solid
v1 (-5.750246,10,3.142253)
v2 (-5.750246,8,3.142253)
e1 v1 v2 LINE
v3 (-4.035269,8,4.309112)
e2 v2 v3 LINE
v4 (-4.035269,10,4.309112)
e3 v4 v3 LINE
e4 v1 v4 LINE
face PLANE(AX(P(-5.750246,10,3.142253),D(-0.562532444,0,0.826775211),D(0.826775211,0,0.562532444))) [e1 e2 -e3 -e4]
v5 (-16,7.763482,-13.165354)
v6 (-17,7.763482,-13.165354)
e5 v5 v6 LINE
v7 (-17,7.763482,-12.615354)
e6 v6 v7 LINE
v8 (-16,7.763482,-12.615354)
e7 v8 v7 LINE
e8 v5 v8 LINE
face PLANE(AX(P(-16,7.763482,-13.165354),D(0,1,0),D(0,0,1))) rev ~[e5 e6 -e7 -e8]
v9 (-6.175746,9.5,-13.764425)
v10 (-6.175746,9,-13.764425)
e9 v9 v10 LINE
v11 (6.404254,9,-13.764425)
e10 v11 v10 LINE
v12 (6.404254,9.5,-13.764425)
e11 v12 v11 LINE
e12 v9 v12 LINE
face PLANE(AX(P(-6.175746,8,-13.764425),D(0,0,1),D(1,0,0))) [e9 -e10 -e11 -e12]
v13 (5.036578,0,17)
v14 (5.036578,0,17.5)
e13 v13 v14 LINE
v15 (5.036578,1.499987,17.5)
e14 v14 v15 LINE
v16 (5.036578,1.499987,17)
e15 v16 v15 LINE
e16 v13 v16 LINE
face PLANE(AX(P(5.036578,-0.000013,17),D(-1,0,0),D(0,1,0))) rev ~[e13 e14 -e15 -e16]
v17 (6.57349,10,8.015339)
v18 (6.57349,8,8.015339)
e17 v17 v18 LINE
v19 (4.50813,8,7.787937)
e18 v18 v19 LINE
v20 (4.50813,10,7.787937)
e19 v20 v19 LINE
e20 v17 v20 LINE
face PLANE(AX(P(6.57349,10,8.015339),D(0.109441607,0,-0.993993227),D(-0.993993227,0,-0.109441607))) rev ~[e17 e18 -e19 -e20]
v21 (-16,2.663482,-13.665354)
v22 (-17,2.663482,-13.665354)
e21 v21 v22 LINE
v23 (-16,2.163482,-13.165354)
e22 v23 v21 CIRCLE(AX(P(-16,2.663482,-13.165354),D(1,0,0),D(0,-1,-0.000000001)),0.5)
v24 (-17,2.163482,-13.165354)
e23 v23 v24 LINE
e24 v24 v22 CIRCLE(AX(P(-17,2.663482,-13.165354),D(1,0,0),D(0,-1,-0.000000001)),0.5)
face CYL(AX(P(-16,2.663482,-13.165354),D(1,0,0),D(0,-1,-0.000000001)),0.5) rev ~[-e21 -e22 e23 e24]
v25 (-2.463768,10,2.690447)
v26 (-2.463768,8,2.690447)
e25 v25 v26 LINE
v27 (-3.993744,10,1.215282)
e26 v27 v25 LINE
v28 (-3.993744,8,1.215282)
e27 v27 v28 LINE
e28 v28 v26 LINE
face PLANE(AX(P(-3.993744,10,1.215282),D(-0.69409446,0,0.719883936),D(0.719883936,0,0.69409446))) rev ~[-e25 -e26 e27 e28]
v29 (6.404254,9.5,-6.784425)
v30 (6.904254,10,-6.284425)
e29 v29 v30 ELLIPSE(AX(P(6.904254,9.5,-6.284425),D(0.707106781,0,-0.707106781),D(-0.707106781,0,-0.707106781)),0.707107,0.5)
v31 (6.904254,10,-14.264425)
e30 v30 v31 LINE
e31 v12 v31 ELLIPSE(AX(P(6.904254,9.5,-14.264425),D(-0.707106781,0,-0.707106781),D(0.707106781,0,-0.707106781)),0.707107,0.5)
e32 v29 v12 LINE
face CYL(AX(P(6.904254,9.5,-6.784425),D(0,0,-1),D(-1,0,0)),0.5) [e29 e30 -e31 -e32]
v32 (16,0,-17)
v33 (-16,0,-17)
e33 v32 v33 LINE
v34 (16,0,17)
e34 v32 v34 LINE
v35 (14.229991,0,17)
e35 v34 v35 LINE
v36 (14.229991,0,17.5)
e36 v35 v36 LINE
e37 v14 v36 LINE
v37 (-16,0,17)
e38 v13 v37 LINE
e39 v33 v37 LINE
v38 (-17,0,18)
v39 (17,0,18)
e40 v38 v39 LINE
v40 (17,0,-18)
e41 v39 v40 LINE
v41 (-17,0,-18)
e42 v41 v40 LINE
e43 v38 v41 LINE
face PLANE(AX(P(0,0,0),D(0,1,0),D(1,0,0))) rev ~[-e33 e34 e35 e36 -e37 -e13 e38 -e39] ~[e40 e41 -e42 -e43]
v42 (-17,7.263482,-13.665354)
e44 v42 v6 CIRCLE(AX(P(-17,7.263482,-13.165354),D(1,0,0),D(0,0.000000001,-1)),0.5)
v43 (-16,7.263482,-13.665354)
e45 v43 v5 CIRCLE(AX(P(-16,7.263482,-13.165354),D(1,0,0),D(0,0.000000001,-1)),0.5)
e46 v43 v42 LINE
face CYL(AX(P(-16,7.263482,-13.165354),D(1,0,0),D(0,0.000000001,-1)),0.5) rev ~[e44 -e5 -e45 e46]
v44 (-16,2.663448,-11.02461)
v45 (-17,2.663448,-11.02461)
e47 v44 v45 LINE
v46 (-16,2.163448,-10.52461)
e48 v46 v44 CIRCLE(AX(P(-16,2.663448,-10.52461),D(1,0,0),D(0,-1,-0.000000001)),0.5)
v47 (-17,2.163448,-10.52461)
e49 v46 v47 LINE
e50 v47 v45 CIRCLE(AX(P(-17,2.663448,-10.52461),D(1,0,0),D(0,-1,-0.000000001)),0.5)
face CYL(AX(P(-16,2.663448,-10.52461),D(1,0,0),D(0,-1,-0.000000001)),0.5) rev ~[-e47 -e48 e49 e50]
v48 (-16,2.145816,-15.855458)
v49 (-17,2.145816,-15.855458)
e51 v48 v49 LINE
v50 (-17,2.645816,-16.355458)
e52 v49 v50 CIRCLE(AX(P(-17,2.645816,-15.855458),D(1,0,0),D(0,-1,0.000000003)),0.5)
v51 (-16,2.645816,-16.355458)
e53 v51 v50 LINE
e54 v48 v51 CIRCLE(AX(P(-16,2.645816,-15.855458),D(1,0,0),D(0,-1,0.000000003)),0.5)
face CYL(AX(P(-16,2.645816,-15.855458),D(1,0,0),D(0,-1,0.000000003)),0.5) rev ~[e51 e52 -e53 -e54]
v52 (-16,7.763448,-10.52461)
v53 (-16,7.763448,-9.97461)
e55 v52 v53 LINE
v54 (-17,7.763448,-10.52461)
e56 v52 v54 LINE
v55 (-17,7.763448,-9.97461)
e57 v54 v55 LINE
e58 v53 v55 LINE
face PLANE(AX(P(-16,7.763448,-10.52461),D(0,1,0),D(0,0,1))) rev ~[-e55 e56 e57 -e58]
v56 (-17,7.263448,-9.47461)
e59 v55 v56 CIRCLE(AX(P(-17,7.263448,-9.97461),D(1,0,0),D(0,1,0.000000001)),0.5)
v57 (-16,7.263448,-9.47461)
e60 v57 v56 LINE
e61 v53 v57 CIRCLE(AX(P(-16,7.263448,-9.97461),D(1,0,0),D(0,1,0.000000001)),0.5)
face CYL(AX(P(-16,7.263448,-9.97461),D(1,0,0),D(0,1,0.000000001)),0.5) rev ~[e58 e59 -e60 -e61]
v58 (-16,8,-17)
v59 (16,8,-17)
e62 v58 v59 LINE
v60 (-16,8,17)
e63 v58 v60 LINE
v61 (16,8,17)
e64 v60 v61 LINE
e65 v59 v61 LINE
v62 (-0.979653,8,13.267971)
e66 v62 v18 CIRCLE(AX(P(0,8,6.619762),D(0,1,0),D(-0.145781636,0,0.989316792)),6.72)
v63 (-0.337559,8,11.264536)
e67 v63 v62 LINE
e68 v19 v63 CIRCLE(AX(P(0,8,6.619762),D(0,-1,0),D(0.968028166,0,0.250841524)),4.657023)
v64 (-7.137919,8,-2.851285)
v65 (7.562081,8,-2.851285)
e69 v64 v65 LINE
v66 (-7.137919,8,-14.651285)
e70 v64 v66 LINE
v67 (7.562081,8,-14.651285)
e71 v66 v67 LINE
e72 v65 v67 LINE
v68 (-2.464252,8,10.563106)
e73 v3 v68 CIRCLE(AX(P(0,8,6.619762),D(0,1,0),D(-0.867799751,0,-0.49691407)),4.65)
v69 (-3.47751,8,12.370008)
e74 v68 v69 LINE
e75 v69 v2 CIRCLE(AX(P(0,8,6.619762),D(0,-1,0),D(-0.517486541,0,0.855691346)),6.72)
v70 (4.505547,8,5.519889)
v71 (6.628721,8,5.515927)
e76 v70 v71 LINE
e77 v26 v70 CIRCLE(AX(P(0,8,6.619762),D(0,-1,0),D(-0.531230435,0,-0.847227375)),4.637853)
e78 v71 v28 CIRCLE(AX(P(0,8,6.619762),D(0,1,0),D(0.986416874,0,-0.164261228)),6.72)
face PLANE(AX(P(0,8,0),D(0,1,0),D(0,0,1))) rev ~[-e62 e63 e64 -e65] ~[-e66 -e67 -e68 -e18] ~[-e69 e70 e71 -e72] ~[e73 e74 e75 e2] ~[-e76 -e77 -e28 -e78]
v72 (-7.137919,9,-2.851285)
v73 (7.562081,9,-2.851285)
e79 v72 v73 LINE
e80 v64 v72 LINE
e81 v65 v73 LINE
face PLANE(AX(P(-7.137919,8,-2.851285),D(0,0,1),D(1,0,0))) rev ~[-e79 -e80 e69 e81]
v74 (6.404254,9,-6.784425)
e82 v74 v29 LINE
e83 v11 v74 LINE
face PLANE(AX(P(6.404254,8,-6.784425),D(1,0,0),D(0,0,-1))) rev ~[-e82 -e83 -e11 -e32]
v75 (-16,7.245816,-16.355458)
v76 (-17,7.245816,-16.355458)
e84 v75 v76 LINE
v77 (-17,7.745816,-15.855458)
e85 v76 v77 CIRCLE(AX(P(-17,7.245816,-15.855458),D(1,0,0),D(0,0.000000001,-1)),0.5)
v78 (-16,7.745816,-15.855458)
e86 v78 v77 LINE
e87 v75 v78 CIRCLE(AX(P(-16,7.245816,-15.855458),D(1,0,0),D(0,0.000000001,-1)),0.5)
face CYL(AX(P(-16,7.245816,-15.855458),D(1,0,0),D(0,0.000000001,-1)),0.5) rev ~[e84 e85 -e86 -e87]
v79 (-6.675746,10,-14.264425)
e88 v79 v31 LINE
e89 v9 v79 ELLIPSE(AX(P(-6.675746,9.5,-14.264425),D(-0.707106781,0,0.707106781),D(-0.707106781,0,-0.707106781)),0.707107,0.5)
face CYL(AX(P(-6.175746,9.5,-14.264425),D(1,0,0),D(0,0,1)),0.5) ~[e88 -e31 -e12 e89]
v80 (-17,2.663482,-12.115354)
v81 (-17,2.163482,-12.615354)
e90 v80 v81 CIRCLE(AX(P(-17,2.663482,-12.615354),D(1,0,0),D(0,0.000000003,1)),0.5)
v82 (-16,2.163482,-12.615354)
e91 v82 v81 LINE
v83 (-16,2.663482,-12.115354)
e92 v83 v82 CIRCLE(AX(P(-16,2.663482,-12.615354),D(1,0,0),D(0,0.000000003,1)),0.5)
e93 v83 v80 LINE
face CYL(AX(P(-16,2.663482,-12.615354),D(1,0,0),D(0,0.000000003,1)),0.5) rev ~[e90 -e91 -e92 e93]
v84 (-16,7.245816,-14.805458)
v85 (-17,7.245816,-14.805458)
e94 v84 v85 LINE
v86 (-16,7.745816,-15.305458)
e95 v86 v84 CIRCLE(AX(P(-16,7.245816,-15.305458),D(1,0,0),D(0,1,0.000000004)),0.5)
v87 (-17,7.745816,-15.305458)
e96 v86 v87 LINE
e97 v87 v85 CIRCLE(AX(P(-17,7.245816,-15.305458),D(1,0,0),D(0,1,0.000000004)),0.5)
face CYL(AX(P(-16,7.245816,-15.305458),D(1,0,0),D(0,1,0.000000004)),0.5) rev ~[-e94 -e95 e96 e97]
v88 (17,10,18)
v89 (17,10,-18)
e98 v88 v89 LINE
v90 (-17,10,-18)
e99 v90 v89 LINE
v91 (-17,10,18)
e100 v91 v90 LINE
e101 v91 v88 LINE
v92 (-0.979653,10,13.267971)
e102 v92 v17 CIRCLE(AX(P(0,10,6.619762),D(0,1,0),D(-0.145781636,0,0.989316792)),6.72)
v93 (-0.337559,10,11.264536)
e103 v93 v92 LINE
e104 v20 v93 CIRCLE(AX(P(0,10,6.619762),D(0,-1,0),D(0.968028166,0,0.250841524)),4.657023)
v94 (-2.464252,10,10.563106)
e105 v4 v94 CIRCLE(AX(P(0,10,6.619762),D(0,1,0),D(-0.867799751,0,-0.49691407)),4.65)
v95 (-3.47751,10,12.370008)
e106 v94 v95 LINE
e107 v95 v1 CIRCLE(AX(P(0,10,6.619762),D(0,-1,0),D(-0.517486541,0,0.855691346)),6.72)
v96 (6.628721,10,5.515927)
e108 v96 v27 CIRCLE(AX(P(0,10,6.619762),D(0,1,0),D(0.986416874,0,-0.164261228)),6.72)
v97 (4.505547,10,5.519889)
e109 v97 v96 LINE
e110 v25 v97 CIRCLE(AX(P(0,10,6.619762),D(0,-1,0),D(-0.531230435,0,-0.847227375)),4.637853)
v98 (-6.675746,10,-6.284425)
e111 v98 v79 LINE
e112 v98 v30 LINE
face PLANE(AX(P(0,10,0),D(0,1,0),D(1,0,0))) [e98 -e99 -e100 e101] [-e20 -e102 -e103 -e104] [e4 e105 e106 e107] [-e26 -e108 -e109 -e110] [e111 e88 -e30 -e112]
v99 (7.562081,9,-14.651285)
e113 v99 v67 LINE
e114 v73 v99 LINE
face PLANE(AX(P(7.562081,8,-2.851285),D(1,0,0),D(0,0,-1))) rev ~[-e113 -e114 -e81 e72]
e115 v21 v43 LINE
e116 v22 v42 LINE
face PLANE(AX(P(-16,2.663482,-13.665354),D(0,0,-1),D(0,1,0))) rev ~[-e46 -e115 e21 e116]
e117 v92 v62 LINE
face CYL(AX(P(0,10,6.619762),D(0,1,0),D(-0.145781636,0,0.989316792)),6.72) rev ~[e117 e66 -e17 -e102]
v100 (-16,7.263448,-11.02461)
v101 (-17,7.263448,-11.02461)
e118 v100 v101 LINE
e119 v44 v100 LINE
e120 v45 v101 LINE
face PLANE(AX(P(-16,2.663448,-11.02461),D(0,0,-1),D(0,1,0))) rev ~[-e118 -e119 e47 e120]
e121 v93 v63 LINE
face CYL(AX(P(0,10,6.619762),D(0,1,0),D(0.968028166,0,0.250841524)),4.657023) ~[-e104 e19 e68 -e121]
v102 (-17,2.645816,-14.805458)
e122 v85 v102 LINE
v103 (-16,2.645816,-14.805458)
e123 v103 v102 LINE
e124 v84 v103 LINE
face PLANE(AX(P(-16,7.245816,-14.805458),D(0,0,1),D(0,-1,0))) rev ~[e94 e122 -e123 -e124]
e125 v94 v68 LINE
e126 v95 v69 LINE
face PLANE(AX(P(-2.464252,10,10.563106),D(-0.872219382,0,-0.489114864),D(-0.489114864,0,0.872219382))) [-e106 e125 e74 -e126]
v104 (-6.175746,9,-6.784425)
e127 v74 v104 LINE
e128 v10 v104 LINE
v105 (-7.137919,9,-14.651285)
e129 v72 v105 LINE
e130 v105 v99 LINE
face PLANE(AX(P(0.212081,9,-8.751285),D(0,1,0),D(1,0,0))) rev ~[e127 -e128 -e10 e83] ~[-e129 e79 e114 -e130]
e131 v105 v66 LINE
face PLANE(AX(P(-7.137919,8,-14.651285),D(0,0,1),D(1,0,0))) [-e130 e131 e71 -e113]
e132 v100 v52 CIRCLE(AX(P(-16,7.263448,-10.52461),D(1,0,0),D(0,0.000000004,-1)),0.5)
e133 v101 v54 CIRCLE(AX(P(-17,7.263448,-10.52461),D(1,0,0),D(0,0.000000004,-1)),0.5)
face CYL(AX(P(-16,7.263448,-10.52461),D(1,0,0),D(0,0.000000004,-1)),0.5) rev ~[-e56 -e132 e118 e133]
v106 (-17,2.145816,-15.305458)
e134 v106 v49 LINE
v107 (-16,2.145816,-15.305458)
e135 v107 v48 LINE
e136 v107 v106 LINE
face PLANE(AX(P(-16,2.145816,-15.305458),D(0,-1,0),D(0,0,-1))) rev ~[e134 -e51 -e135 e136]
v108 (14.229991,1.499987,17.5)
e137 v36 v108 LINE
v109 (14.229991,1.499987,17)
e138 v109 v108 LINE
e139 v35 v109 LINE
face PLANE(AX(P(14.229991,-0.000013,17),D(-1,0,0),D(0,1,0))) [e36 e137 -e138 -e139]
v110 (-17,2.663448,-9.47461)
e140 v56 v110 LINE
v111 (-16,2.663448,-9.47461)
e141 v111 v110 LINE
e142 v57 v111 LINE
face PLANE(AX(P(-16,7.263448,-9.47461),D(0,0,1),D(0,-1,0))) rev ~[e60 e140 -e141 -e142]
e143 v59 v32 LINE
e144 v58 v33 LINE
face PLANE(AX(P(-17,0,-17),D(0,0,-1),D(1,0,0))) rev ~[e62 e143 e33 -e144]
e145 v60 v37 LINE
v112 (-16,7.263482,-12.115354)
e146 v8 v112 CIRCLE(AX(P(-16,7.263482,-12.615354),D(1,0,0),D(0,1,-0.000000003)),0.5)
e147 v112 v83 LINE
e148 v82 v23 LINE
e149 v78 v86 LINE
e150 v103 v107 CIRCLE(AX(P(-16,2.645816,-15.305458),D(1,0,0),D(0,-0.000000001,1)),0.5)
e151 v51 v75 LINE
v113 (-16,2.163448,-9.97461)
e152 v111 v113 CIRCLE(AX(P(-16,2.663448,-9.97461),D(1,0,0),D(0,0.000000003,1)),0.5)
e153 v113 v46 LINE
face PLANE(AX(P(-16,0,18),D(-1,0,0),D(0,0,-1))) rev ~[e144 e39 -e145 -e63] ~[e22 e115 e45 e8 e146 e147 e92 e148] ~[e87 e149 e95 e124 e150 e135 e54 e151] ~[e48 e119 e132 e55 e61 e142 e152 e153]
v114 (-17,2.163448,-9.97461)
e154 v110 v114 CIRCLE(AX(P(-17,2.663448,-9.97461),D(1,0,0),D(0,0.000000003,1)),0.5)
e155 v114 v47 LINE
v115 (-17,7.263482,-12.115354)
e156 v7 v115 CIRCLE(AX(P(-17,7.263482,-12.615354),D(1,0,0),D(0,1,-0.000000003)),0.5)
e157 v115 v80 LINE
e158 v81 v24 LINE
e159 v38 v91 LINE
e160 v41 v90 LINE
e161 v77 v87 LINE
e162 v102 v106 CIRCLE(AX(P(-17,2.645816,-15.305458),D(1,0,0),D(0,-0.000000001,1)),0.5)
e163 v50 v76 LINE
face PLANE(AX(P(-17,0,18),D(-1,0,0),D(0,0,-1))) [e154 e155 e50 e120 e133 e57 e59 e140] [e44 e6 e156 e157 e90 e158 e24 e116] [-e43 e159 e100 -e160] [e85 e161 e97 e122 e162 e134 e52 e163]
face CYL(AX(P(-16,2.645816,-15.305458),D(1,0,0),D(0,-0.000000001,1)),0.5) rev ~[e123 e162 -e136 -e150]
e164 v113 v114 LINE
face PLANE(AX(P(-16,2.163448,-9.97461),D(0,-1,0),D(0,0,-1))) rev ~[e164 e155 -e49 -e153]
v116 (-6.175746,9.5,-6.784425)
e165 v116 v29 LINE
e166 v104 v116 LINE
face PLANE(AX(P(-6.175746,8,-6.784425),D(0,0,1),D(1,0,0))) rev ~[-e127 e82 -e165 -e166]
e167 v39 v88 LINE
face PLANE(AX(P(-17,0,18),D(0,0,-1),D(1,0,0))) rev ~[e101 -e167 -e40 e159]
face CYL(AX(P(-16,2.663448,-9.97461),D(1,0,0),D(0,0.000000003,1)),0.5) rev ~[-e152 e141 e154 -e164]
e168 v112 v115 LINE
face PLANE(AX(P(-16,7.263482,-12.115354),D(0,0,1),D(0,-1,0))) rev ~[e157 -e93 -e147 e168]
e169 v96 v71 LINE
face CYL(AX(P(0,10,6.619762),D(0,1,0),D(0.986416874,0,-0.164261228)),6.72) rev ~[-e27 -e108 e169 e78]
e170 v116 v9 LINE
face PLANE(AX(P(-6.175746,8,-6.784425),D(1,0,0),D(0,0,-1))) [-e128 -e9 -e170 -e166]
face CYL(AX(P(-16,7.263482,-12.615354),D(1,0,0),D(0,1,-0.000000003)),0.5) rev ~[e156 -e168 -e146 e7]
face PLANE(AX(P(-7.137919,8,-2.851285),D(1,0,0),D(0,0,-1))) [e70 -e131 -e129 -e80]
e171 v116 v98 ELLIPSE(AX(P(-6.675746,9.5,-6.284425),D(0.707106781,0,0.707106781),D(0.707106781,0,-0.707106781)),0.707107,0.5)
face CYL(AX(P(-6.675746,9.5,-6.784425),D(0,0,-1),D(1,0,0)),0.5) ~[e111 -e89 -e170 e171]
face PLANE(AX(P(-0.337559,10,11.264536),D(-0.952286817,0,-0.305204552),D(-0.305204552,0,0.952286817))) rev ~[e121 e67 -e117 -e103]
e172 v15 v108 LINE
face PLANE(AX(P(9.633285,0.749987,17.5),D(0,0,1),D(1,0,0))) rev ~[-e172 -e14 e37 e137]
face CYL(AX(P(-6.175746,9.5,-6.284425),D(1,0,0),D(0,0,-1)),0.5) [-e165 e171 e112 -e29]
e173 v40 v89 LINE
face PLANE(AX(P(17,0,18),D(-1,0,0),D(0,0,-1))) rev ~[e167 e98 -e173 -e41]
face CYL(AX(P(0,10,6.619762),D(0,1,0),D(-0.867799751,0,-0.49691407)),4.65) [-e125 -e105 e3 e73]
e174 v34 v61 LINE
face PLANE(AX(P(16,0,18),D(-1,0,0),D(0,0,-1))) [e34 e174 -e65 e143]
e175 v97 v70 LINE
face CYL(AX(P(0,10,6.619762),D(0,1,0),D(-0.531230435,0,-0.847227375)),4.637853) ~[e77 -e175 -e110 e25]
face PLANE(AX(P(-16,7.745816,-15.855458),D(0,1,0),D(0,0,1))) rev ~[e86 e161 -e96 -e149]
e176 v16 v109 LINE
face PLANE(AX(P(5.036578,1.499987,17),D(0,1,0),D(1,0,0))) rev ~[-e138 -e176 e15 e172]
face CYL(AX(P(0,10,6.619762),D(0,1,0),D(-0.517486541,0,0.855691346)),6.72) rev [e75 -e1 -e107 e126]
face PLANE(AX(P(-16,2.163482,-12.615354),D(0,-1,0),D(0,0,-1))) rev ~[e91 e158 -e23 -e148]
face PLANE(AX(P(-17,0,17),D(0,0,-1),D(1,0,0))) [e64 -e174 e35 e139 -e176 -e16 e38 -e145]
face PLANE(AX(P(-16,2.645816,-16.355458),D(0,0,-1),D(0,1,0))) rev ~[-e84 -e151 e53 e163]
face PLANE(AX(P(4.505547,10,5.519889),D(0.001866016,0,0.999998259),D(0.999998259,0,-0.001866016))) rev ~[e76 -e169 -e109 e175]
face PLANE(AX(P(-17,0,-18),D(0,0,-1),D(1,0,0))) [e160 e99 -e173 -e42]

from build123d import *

# Parameters (mm, degrees)
SKETCH_1_W                 = 34
SKETCH_1_H                 = 36
EXTRUDE_1_DEPTH            = 10
SHELL_1_T                  = -1
SHELL_1_THICKNESS_2_FACE_W = 34
SHELL_1_THICKNESS_2_FACE_H = 32
SHELL_1_THICKNESS_2_DEPTH  = 1
CUT_EXTRUDE_START          = 8
SKETCH_2_W                 = 12.58
SKETCH_2_H                 = 6.98
CUT_EXTRUDE_1_DEPTH        = 5.0005
SKETCH_6_W                 = 14.7
SKETCH_6_H                 = 11.8
CUT_EXTRUDE_2_DEPTH        = 1
FILLET_2_R                 = 0.5
CUT_EXTRUDE_START_2        = 10
CUT_EXTRUDE_3_DEPTH        = 2
CUT_EXTRUDE_START_3        = -16
CUT_EXTRUDE_4_DEPTH        = 1
CUT_EXTRUDE_START_4        = 17
SKETCH_13_W                = 9.193413451
SKETCH_13_H                = 1.5
CUT_EXTRUDE_5_DEPTH        = 0.5


with BuildPart() as part:
    # 草图1 → 凸台-拉伸1 (new body)
    with BuildSketch(Plane(origin=(0, 0, 0), x_dir=(1, 0, 0), z_dir=(0, 1, 0))):
        Rectangle(SKETCH_1_W, SKETCH_1_H)
    extrude(amount=EXTRUDE_1_DEPTH)

    # 抽壳1
    shell_1_openings = [part.faces().sort_by_distance(p)[0] for p in [
        (0, 0, 0),
    ]]
    offset(amount=SHELL_1_T, openings=shell_1_openings, kind=Kind.INTERSECTION)

    # 抽壳1 thickness 2 face (on inner face of the shell) → 抽壳1 thickness 2 (add)
    with BuildSketch(Plane.ZX.offset(9)):
        Rectangle(SHELL_1_THICKNESS_2_FACE_W, SHELL_1_THICKNESS_2_FACE_H)
    extrude(amount=-SHELL_1_THICKNESS_2_DEPTH)

    # 草图2 → 切除-拉伸1 (cut, symmetric)
    with BuildSketch(Plane(origin=(0, 0, 0), x_dir=(1, 0, 0), z_dir=(0, 1, 0)).offset(CUT_EXTRUDE_START)):
        with Locations((0.114253814, 10.274424553)):
            Rectangle(SKETCH_2_W, SKETCH_2_H)
    extrude(amount=CUT_EXTRUDE_1_DEPTH, both=True, mode=Mode.SUBTRACT)

    # 草图6 → 切除-拉伸2 (cut, symmetric)
    with BuildSketch(Plane(origin=(0, 0, 0), x_dir=(1, 0, 0), z_dir=(0, 1, 0)).offset(CUT_EXTRUDE_START)):
        with Locations((0.212081247, 8.751285152)):
            Rectangle(SKETCH_6_W, SKETCH_6_H)
    extrude(amount=CUT_EXTRUDE_2_DEPTH, both=True, mode=Mode.SUBTRACT)

    # 圆角2
    fillet_2_edges = [part.edges().sort_by_distance(p)[0] for p in [
        (6.404253814, 10, -10.274424553),
        (0.114253814, 10, -6.784424553),
        (-6.175746186, 10, -10.274424553),
        (0.114253814, 10, -13.764424553),
    ]]
    fillet(fillet_2_edges, radius=FILLET_2_R)

    # 草图10 → 切除-拉伸3 (cut)
    with BuildSketch(Plane(origin=(0, 0, 0), x_dir=(1, 0, 0), z_dir=(0, 1, 0)).offset(CUT_EXTRUDE_START_2)):
        with BuildLine():
            Line((-3.993743906, -1.215281594), (-2.463768403, -2.690446502))
            ThreePointArc((-2.463768403, -2.690446502), (1.744606129, -2.322550765), (4.505547025, -5.519888538))
            Line((4.505547025, -5.519888538), (6.628721392, -5.515926654))
            ThreePointArc((6.628721392, -5.515926654), (2.52183734, -0.390898934), (-3.993743906, -1.215281594))
        make_face()
        with BuildLine():
            Line((-5.750245846, -3.142252551), (-4.035268841, -4.309111683))
            ThreePointArc((-4.035268841, -4.309111683), (-4.509884123, -7.752654512), (-2.464252289, -10.56310595))
            Line((-2.464252289, -10.56310595), (-3.477509556, -12.370007953))
            ThreePointArc((-3.477509556, -12.370007953), (-6.52500842, -8.22682935), (-5.750245846, -3.142252551))
        make_face()
        with BuildLine():
            Line((-0.33755867, -11.264535632), (-0.979652593, -13.267970949))
            ThreePointArc((-0.979652593, -13.267970949), (3.836702752, -12.136836694), (6.57348953, -8.015339194))
            Line((6.57348953, -8.015339194), (4.50812982, -7.787936955))
            ThreePointArc((4.50812982, -7.787936955), (2.714792905, -10.403644562), (-0.33755867, -11.264535632))
        make_face()
    extrude(amount=-CUT_EXTRUDE_3_DEPTH, mode=Mode.SUBTRACT)

    # 草图11 → 切除-拉伸4 (cut)
    with BuildSketch(Plane(origin=(0, 0, 0), x_dir=(0, 0, -1), z_dir=(1, 0, 0)).offset(CUT_EXTRUDE_START_3)):
        with BuildLine():
            Line((13.165354419, 7.763482474), (12.615354419, 7.763482474))
            ThreePointArc((12.615354419, 7.763482474), (12.261801028, 7.617035865), (12.115354419, 7.263482474))
            Line((12.115354419, 7.263482474), (12.115354419, 2.663482474))
            ThreePointArc((12.115354419, 2.663482474), (12.261801028, 2.309929083), (12.615354419, 2.163482474))
            Line((12.615354419, 2.163482474), (13.165354419, 2.163482474))
            ThreePointArc((13.165354419, 2.163482474), (13.518907809, 2.309929083), (13.665354419, 2.663482474))
            Line((13.665354419, 2.663482474), (13.665354419, 7.263482474))
            ThreePointArc((13.665354419, 7.263482474), (13.518907809, 7.617035865), (13.165354419, 7.763482474))
        make_face()
        with BuildLine():
            Line((15.855458394, 7.745816392), (15.305458394, 7.745816392))
            ThreePointArc((15.305458394, 7.745816392), (14.951905004, 7.599369782), (14.805458394, 7.245816392))
            Line((14.805458394, 7.245816392), (14.805458394, 2.645816392))
            ThreePointArc((14.805458394, 2.645816392), (14.951905004, 2.292263001), (15.305458394, 2.145816392))
            Line((15.305458394, 2.145816392), (15.855458394, 2.145816392))
            ThreePointArc((15.855458394, 2.145816392), (16.209011785, 2.292263001), (16.355458394, 2.645816392))
            Line((16.355458394, 2.645816392), (16.355458394, 7.245816392))
            ThreePointArc((16.355458394, 7.245816392), (16.209011785, 7.599369782), (15.855458394, 7.745816392))
        make_face()
        with BuildLine():
            Line((10.524610149, 7.763448499), (9.974610149, 7.763448499))
            ThreePointArc((9.974610149, 7.763448499), (9.621056758, 7.617001889), (9.474610149, 7.263448499))
            Line((9.474610149, 7.263448499), (9.474610149, 2.663448499))
            ThreePointArc((9.474610149, 2.663448499), (9.621056758, 2.309895108), (9.974610149, 2.163448499))
            Line((9.974610149, 2.163448499), (10.524610149, 2.163448499))
            ThreePointArc((10.524610149, 2.163448499), (10.878163539, 2.309895108), (11.024610149, 2.663448499))
            Line((11.024610149, 2.663448499), (11.024610149, 7.263448499))
            ThreePointArc((11.024610149, 7.263448499), (10.878163539, 7.617001889), (10.524610149, 7.763448499))
        make_face()
    extrude(amount=-CUT_EXTRUDE_4_DEPTH, mode=Mode.SUBTRACT)

    # 草图13 → 切除-拉伸5 (cut)
    with BuildSketch(Plane.XY.offset(CUT_EXTRUDE_START_4)):
        with Locations((9.633284571, 0.749986932)):
            Rectangle(SKETCH_13_W, SKETCH_13_H)
    extrude(amount=CUT_EXTRUDE_5_DEPTH, mode=Mode.SUBTRACT)


solid = part.part
